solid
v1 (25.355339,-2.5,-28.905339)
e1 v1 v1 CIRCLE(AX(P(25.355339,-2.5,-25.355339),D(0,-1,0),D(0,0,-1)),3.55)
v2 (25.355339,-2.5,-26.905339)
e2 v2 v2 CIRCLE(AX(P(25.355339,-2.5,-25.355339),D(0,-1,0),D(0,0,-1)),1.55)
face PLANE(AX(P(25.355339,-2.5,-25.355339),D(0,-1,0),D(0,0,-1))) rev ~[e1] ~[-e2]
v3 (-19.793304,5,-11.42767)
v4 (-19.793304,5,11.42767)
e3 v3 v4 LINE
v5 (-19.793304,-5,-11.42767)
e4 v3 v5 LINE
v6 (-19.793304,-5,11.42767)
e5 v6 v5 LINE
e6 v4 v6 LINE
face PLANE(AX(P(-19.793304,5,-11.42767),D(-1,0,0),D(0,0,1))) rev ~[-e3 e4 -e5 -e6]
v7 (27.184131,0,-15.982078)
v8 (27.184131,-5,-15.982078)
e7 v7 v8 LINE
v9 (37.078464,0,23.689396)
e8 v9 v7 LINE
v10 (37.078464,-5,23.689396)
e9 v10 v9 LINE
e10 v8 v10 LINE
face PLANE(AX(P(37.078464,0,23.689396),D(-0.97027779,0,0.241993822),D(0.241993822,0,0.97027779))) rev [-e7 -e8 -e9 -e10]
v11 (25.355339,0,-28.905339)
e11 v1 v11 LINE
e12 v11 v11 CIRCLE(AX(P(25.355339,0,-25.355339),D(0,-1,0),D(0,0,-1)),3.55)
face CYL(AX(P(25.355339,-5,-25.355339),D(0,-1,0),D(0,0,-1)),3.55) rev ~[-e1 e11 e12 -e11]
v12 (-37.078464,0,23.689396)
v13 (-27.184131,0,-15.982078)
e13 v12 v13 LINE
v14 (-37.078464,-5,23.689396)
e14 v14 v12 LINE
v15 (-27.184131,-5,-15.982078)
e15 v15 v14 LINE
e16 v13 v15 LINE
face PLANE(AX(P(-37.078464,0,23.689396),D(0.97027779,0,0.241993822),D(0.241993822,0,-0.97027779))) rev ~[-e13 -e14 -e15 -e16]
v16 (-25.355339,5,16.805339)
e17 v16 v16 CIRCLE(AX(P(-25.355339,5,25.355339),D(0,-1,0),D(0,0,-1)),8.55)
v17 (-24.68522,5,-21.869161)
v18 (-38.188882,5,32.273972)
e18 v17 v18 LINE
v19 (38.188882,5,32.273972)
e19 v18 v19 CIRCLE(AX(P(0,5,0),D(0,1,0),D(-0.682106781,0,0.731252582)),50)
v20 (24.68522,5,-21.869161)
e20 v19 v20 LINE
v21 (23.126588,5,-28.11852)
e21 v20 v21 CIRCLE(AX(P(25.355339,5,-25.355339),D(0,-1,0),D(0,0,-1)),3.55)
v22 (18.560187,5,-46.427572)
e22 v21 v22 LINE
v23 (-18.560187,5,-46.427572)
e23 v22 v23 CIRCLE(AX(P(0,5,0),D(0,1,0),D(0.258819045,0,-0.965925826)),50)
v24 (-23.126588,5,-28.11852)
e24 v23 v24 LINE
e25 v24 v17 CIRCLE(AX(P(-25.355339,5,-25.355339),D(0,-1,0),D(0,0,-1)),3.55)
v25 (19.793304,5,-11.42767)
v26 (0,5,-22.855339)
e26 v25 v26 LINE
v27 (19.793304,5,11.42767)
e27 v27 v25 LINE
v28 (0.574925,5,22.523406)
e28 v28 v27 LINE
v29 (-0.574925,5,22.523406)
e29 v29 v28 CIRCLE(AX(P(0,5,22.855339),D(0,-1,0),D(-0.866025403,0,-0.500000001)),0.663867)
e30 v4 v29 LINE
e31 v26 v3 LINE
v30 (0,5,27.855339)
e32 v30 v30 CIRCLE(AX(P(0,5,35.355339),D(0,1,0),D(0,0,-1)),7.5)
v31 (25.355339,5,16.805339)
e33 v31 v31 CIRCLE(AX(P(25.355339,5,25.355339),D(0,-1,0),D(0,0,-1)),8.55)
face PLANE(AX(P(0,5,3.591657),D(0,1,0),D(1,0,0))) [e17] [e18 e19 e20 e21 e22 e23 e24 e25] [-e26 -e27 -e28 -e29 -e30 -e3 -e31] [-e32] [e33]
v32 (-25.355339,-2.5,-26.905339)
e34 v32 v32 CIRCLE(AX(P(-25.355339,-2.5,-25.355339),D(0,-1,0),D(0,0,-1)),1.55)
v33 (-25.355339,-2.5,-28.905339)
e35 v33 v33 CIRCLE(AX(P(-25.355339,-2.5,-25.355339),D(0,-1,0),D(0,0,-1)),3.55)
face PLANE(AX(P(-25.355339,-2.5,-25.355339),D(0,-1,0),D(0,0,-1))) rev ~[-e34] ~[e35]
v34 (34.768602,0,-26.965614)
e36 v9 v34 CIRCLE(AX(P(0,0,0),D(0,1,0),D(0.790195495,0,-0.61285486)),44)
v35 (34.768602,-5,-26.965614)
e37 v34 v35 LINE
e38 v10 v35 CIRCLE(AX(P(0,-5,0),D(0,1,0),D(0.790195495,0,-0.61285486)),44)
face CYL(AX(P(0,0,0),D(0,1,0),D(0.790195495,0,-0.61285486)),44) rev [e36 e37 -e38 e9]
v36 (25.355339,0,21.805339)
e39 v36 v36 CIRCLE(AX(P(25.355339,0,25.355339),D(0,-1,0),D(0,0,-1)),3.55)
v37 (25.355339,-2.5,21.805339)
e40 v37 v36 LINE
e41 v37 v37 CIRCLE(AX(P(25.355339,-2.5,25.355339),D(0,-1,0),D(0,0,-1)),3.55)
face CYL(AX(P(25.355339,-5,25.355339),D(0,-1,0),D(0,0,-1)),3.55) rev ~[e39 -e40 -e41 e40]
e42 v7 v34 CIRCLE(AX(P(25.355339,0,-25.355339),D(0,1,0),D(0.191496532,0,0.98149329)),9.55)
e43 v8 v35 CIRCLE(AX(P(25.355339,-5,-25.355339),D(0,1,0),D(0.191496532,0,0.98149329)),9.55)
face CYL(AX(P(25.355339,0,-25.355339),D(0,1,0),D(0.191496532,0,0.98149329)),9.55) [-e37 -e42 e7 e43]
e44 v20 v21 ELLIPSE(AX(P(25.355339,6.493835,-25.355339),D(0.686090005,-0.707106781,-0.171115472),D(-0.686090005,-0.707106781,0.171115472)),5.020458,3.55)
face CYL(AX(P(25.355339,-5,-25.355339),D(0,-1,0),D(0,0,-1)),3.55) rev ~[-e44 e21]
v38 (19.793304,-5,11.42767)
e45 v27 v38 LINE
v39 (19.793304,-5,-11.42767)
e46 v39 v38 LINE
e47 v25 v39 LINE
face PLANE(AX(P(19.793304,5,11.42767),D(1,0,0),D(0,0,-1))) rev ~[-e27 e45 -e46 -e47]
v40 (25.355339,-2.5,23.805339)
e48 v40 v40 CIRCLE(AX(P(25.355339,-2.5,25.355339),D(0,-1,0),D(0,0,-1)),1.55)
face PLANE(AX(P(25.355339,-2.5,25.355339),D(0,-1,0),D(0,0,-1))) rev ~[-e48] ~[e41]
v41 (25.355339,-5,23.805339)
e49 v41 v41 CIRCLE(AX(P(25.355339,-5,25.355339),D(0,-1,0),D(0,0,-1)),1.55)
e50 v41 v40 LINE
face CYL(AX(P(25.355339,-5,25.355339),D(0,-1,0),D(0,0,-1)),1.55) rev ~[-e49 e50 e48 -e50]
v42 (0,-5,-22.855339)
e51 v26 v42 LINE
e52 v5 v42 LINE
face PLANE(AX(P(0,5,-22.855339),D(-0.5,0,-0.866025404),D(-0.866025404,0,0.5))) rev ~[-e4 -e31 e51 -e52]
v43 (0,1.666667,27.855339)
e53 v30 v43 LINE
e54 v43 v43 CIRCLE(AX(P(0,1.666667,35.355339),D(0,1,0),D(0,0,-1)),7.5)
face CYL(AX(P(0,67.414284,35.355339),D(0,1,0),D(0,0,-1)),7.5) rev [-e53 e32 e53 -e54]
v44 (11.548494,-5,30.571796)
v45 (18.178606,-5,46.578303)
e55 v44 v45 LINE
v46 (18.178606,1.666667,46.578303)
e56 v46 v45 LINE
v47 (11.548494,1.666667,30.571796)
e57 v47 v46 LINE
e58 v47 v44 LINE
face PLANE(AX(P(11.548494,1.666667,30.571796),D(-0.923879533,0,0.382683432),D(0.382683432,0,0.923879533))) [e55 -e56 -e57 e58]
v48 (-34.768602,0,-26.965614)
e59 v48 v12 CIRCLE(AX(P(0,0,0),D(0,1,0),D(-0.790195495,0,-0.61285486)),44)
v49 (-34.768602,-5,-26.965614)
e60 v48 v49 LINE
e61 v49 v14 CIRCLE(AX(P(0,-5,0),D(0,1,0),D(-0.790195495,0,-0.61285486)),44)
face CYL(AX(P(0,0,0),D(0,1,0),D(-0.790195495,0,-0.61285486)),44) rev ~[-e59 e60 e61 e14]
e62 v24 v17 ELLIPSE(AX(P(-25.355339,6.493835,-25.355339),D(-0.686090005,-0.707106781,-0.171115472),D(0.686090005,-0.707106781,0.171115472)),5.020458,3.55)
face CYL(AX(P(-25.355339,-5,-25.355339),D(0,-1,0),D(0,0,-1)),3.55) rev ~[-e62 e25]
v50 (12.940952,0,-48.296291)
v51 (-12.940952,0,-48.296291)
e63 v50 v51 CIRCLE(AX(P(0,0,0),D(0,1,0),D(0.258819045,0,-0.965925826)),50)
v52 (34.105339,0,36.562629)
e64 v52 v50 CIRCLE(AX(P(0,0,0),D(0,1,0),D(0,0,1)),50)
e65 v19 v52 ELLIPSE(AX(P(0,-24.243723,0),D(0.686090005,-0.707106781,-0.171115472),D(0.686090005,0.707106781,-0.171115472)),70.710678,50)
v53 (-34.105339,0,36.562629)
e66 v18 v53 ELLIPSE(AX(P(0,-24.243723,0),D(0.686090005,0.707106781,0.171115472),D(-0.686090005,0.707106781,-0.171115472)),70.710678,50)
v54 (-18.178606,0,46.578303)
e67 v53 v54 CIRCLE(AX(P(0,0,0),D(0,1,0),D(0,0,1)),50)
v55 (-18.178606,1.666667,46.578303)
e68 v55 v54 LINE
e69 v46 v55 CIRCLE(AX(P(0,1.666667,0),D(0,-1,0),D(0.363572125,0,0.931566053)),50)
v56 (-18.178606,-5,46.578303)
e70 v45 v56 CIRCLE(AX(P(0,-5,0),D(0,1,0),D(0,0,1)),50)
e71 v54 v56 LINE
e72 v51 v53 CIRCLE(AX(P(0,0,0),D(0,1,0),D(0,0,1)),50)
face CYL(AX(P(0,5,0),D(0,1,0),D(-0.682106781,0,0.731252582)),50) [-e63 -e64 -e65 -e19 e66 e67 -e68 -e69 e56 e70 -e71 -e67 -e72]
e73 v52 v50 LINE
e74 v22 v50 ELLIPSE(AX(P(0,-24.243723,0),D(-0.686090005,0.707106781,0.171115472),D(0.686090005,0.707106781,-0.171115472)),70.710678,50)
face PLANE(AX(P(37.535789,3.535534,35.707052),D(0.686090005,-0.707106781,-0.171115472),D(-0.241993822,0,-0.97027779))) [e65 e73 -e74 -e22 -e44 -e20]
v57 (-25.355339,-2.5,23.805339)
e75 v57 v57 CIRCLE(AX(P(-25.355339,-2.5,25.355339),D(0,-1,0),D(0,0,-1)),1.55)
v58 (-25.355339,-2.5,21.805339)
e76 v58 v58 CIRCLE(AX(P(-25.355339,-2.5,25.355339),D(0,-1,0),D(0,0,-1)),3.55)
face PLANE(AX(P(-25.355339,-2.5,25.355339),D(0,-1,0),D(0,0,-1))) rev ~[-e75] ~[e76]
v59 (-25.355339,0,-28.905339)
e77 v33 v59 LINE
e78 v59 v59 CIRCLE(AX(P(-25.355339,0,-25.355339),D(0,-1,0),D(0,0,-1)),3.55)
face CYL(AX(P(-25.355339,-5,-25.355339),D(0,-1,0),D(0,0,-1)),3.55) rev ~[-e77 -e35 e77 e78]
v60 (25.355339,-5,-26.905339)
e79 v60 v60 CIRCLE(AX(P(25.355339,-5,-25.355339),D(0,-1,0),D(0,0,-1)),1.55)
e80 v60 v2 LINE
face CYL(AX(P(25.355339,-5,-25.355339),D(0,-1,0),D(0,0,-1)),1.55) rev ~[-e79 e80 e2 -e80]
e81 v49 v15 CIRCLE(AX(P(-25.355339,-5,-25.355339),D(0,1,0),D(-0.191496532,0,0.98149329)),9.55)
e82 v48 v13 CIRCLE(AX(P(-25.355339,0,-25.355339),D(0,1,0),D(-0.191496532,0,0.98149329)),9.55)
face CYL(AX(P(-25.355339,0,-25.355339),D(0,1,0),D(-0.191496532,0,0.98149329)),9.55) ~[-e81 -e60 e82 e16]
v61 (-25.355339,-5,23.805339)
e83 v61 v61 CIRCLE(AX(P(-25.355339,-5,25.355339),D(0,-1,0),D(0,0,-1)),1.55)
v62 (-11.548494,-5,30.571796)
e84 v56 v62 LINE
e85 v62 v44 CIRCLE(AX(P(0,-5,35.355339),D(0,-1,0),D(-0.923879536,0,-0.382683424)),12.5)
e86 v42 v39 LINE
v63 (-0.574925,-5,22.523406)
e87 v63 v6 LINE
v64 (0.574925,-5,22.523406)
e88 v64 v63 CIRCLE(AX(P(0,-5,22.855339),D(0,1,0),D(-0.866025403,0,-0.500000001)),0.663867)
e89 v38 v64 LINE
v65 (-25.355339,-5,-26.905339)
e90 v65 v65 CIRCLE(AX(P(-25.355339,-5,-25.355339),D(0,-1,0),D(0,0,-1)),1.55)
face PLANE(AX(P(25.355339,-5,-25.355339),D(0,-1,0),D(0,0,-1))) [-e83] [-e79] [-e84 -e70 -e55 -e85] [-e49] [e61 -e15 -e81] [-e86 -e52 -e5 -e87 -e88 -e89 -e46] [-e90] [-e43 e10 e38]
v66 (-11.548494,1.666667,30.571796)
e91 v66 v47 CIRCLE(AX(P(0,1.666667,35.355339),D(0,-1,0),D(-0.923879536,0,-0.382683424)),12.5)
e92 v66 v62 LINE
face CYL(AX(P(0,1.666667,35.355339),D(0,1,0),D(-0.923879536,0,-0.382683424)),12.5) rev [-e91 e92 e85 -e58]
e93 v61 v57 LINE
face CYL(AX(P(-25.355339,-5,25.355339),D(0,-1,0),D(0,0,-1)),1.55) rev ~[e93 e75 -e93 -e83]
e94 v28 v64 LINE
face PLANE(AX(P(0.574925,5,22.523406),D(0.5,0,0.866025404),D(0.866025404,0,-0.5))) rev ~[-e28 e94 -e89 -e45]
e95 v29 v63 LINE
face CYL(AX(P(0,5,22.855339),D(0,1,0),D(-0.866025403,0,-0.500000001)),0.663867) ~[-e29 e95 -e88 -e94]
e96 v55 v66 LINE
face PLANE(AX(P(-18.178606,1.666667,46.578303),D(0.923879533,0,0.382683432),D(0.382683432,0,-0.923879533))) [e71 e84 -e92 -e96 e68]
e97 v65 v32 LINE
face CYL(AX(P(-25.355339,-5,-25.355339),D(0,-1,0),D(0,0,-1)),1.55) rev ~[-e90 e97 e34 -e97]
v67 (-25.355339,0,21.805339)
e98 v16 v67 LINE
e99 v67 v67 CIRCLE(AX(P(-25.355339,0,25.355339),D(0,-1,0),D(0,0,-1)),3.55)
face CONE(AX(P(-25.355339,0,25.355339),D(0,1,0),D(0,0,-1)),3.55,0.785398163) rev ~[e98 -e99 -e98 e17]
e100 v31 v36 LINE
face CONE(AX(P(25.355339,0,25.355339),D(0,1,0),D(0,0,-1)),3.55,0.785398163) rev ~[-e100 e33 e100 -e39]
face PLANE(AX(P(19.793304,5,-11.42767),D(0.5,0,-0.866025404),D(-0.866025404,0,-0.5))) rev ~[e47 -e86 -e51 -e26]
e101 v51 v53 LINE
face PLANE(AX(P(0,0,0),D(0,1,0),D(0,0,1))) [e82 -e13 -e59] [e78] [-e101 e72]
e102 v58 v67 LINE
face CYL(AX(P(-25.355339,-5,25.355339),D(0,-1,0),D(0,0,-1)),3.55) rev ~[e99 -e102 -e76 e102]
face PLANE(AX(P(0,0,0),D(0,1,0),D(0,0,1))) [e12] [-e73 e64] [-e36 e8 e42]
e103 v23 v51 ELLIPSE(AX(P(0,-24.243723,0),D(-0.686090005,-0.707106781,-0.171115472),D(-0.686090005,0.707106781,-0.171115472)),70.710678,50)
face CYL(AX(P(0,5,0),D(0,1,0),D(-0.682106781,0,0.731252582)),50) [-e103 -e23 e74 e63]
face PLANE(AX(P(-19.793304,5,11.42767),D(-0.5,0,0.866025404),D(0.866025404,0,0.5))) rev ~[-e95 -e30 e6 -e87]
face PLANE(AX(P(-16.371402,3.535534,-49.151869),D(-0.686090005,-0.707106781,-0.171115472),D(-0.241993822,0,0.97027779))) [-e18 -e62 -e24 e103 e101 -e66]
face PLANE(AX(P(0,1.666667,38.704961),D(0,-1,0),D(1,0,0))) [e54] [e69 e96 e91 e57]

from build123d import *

# Parameters (mm, degrees)
SKETCH1_R               = 50
BOSS_EXTRUDE1_DEPTH     = 5
BOSS_EXTRUDE3_START     = 5
BOSS_EXTRUDE3_DEPTH     = 5
DRAFT2_ANGLE            = -45
CUT_EXTRUDE3_DEPTH      = 72.414284285
CUT_EXTRUDE3_DEPTH_BACK = 72.414284285
SKETCH3_R               = 7.5
CUT_EXTRUDE5_START      = -6.666666667
CUT_EXTRUDE5_DEPTH      = 6.666666667
SKETCH5_R               = 3.55
SKETCH5_R_2             = 1.55
CUT_EXTRUDE6_DEPTH      = 72.414284285
SKETCH5_3_R             = 3.55
SKETCH5_3_R_2           = 1.55
BOSS_EXTRUDE4_DEPTH     = 2.5
CUT_EXTRUDE8_DEPTH      = 72.414284285
CHAMFER1_SIZE           = 5
CUT_EXTRUDE9_DEPTH      = 71.887234394


with BuildPart() as part:
    # Sketch1 → Boss-Extrude1 (new body)
    with BuildSketch(Plane(origin=(0, 0, 0), x_dir=(1, 0, 0), z_dir=(0, 1, 0))):
        with Locations(Location((0, 0, 0), (0, 0, 270))):
            Circle(SKETCH1_R)
    extrude(amount=-BOSS_EXTRUDE1_DEPTH)

    # Sketch1<6> → Boss-Extrude3 (add)
    with BuildSketch(Plane(origin=(0, 0, 0), x_dir=(1, 0, 0), z_dir=(0, 1, 0)).offset(BOSS_EXTRUDE3_START)):
        with BuildLine():
            Line((-12.940952256, 48.296291314), (-34.10533906, -36.562629112))
            ThreePointArc((-34.10533906, -36.562629112), (0, -50), (34.10533906, -36.562629112))
            Line((34.10533906, -36.562629112), (12.940952256, 48.296291314))
            ThreePointArc((12.940952256, 48.296291314), (0, 50), (-12.940952256, 48.296291314))
        make_face()
    extrude(amount=-BOSS_EXTRUDE3_DEPTH)

    # Draft2
    draft2_faces = [part.faces().sort_by_distance(p)[0] for p in [
        (23.523145658, 2.5, -5.866831101),
        (-23.523145658, 2.5, -5.866831101),
    ]]
    draft(draft2_faces, Plane.ZX, DRAFT2_ANGLE)

    # Sketch3 → Cut-Extrude3 (cut, two sides: drawn at the far end of the back side and taken through both)
    with BuildSketch(Plane.XZ.offset(5).offset(-CUT_EXTRUDE3_DEPTH_BACK)):
        with Locations(Location((0, 35.355339059, 0), (0, 0, 270))):
            Circle(SKETCH3_R)
    extrude(amount=CUT_EXTRUDE3_DEPTH + CUT_EXTRUDE3_DEPTH_BACK, mode=Mode.SUBTRACT)

    # Sketch4 → Cut-Extrude5 (cut)
    with BuildSketch(Plane.XZ.offset(5).offset(CUT_EXTRUDE5_START)):
        with BuildLine():
            ThreePointArc((18.178606224, 46.578302628), (0, 50), (-18.178606224, 46.578302628))
            Line((-18.178606224, 46.578302628), (-11.548494202, 30.571796264))
            ThreePointArc((-11.548494202, 30.571796264), (3.3e-08, 22.855339059), (11.548494227, 30.571796326))
            Line((11.548494227, 30.571796326), (18.178606224, 46.578302628))
        make_face()
    extrude(amount=CUT_EXTRUDE5_DEPTH, mode=Mode.SUBTRACT)

    # Sketch5 → Cut-Extrude6 (cut, through all)
    # profile 1 of 8: a face of its own
    with BuildSketch(Plane.XZ.offset(5)):
        with Locations(Location((25.355339059, 25.355339059, 0), (0, 0, 270))):
            Circle(SKETCH5_R)
        with Locations((25.355339059, 25.355339059)):
            Circle(SKETCH5_R_2, mode=Mode.SUBTRACT)
    # profile 2 of 8: a face of its own
    with BuildSketch(Plane.XZ.offset(5)):
        with Locations((25.355339059, 25.355339059)):
            Circle(SKETCH5_R_2)
    # profile 3 of 8: a face of its own
    with BuildSketch(Plane.XZ.offset(5)):
        with Locations(Location((25.355339059, -25.355339059, 0), (0, 0, 270))):
            Circle(SKETCH5_R)
        with Locations((25.355339059, -25.355339059)):
            Circle(SKETCH5_R_2, mode=Mode.SUBTRACT)
    # profile 4 of 8: a face of its own
    with BuildSketch(Plane.XZ.offset(5)):
        with Locations((25.355339059, -25.355339059)):
            Circle(SKETCH5_R_2)
    # profile 5 of 8: a face of its own
    with BuildSketch(Plane.XZ.offset(5)):
        with Locations(Location((-25.355339059, -25.355339059, 0), (0, 0, 270))):
            Circle(SKETCH5_R)
        with Locations((-25.355339059, -25.355339059)):
            Circle(SKETCH5_R_2, mode=Mode.SUBTRACT)
    # profile 6 of 8: a face of its own
    with BuildSketch(Plane.XZ.offset(5)):
        with Locations((-25.355339059, -25.355339059)):
            Circle(SKETCH5_R_2)
    # profile 7 of 8: a face of its own
    with BuildSketch(Plane.XZ.offset(5)):
        with Locations(Location((-25.355339059, 25.355339059, 0), (0, 0, 270))):
            Circle(SKETCH5_R)
        with Locations((-25.355339059, 25.355339059)):
            Circle(SKETCH5_R_2, mode=Mode.SUBTRACT)
    # profile 8 of 8: a face of its own
    with BuildSketch(Plane.XZ.offset(5)):
        with Locations((-25.355339059, 25.355339059)):
            Circle(SKETCH5_R_2)
    extrude(amount=-CUT_EXTRUDE6_DEPTH, mode=Mode.SUBTRACT)

    # Sketch5<3> → Boss-Extrude4 (add)
    # profile 1 of 4: a face of its own
    with BuildSketch(Plane.XZ.offset(5)):
        with Locations(Location((25.355339059, -25.355339059, 0), (0, 0, 270))):
            Circle(SKETCH5_3_R)
        with Locations(Location((25.355339059, -25.355339059, 0), (0, 0, 270))):
            Circle(SKETCH5_3_R_2, mode=Mode.SUBTRACT)
    # profile 2 of 4: a face of its own
    with BuildSketch(Plane.XZ.offset(5)):
        with Locations(Location((-25.355339059, -25.355339059, 0), (0, 0, 270))):
            Circle(SKETCH5_3_R)
        with Locations(Location((-25.355339059, -25.355339059, 0), (0, 0, 270))):
            Circle(SKETCH5_3_R_2, mode=Mode.SUBTRACT)
    # profile 3 of 4: a face of its own
    with BuildSketch(Plane.XZ.offset(5)):
        with Locations(Location((25.355339059, 25.355339059, 0), (0, 0, 270))):
            Circle(SKETCH5_3_R)
        with Locations(Location((25.355339059, 25.355339059, 0), (0, 0, 270))):
            Circle(SKETCH5_3_R_2, mode=Mode.SUBTRACT)
    # profile 4 of 4: a face of its own
    with BuildSketch(Plane.XZ.offset(5)):
        with Locations(Location((-25.355339059, 25.355339059, 0), (0, 0, 270))):
            Circle(SKETCH5_3_R)
        with Locations(Location((-25.355339059, 25.355339059, 0), (0, 0, 270))):
            Circle(SKETCH5_3_R_2, mode=Mode.SUBTRACT)
    extrude(amount=-BOSS_EXTRUDE4_DEPTH)

    # Sketch6 → Cut-Extrude8 (cut, through all)
    with BuildSketch(Plane(origin=(0, 5, 0), x_dir=(1, 0, 0), z_dir=(0, 1, 0))):
        with BuildLine():
            ThreePointArc((-0.574925376, -22.523405739), (0, -22.191472419), (0.574925376, -22.523405739))
            Line((0.574925376, -22.523405739), (19.793304237, -11.42766953))
            Line((19.793304237, -11.42766953), (19.793304237, 11.42766953))
            Line((19.793304237, 11.42766953), (0, 22.855339059))
            Line((0, 22.855339059), (-19.793304237, 11.42766953))
            Line((-19.793304237, 11.42766953), (-19.793304237, -11.42766953))
            Line((-19.793304237, -11.42766953), (-0.574925376, -22.523405739))
        make_face()
    extrude(amount=-CUT_EXTRUDE8_DEPTH, mode=Mode.SUBTRACT)

    # Chamfer1
    chamfer1_edges = [part.edges().sort_by_distance(p)[0] for p in [
        (-25.355339059, 5, 28.905339059),
        (25.355339059, 5, 28.905339059),
    ]]
    chamfer(chamfer1_edges, length=CHAMFER1_SIZE)

    # Sketch7 → Cut-Extrude9 (cut, symmetric)
    with BuildSketch(Plane(origin=(0, 0, 0), x_dir=(1, 0, 0), z_dir=(0, 1, 0))):
        with BuildLine():
            ThreePointArc((-34.768601784, 26.965613845), (-43.954325541, 2.004311919), (-37.078464111, -23.689396344))
            Line((-37.078464111, -23.689396344), (-27.184130942, 15.982078141))
            ThreePointArc((-27.184130942, 15.982078141), (-33.213803419, 19.928826559), (-34.768601784, 26.965613845))
        make_face()
    cut_extrude9 = extrude(amount=CUT_EXTRUDE9_DEPTH, both=True, mode=Mode.SUBTRACT)

    # Mirror1: Cut-Extrude9 across plane
    add(cut_extrude9.mirror(Plane(origin=(0, 0, 0), x_dir=(0, 0, 1), z_dir=(1, 0, 0))), mode=Mode.SUBTRACT)


solid = part.part
